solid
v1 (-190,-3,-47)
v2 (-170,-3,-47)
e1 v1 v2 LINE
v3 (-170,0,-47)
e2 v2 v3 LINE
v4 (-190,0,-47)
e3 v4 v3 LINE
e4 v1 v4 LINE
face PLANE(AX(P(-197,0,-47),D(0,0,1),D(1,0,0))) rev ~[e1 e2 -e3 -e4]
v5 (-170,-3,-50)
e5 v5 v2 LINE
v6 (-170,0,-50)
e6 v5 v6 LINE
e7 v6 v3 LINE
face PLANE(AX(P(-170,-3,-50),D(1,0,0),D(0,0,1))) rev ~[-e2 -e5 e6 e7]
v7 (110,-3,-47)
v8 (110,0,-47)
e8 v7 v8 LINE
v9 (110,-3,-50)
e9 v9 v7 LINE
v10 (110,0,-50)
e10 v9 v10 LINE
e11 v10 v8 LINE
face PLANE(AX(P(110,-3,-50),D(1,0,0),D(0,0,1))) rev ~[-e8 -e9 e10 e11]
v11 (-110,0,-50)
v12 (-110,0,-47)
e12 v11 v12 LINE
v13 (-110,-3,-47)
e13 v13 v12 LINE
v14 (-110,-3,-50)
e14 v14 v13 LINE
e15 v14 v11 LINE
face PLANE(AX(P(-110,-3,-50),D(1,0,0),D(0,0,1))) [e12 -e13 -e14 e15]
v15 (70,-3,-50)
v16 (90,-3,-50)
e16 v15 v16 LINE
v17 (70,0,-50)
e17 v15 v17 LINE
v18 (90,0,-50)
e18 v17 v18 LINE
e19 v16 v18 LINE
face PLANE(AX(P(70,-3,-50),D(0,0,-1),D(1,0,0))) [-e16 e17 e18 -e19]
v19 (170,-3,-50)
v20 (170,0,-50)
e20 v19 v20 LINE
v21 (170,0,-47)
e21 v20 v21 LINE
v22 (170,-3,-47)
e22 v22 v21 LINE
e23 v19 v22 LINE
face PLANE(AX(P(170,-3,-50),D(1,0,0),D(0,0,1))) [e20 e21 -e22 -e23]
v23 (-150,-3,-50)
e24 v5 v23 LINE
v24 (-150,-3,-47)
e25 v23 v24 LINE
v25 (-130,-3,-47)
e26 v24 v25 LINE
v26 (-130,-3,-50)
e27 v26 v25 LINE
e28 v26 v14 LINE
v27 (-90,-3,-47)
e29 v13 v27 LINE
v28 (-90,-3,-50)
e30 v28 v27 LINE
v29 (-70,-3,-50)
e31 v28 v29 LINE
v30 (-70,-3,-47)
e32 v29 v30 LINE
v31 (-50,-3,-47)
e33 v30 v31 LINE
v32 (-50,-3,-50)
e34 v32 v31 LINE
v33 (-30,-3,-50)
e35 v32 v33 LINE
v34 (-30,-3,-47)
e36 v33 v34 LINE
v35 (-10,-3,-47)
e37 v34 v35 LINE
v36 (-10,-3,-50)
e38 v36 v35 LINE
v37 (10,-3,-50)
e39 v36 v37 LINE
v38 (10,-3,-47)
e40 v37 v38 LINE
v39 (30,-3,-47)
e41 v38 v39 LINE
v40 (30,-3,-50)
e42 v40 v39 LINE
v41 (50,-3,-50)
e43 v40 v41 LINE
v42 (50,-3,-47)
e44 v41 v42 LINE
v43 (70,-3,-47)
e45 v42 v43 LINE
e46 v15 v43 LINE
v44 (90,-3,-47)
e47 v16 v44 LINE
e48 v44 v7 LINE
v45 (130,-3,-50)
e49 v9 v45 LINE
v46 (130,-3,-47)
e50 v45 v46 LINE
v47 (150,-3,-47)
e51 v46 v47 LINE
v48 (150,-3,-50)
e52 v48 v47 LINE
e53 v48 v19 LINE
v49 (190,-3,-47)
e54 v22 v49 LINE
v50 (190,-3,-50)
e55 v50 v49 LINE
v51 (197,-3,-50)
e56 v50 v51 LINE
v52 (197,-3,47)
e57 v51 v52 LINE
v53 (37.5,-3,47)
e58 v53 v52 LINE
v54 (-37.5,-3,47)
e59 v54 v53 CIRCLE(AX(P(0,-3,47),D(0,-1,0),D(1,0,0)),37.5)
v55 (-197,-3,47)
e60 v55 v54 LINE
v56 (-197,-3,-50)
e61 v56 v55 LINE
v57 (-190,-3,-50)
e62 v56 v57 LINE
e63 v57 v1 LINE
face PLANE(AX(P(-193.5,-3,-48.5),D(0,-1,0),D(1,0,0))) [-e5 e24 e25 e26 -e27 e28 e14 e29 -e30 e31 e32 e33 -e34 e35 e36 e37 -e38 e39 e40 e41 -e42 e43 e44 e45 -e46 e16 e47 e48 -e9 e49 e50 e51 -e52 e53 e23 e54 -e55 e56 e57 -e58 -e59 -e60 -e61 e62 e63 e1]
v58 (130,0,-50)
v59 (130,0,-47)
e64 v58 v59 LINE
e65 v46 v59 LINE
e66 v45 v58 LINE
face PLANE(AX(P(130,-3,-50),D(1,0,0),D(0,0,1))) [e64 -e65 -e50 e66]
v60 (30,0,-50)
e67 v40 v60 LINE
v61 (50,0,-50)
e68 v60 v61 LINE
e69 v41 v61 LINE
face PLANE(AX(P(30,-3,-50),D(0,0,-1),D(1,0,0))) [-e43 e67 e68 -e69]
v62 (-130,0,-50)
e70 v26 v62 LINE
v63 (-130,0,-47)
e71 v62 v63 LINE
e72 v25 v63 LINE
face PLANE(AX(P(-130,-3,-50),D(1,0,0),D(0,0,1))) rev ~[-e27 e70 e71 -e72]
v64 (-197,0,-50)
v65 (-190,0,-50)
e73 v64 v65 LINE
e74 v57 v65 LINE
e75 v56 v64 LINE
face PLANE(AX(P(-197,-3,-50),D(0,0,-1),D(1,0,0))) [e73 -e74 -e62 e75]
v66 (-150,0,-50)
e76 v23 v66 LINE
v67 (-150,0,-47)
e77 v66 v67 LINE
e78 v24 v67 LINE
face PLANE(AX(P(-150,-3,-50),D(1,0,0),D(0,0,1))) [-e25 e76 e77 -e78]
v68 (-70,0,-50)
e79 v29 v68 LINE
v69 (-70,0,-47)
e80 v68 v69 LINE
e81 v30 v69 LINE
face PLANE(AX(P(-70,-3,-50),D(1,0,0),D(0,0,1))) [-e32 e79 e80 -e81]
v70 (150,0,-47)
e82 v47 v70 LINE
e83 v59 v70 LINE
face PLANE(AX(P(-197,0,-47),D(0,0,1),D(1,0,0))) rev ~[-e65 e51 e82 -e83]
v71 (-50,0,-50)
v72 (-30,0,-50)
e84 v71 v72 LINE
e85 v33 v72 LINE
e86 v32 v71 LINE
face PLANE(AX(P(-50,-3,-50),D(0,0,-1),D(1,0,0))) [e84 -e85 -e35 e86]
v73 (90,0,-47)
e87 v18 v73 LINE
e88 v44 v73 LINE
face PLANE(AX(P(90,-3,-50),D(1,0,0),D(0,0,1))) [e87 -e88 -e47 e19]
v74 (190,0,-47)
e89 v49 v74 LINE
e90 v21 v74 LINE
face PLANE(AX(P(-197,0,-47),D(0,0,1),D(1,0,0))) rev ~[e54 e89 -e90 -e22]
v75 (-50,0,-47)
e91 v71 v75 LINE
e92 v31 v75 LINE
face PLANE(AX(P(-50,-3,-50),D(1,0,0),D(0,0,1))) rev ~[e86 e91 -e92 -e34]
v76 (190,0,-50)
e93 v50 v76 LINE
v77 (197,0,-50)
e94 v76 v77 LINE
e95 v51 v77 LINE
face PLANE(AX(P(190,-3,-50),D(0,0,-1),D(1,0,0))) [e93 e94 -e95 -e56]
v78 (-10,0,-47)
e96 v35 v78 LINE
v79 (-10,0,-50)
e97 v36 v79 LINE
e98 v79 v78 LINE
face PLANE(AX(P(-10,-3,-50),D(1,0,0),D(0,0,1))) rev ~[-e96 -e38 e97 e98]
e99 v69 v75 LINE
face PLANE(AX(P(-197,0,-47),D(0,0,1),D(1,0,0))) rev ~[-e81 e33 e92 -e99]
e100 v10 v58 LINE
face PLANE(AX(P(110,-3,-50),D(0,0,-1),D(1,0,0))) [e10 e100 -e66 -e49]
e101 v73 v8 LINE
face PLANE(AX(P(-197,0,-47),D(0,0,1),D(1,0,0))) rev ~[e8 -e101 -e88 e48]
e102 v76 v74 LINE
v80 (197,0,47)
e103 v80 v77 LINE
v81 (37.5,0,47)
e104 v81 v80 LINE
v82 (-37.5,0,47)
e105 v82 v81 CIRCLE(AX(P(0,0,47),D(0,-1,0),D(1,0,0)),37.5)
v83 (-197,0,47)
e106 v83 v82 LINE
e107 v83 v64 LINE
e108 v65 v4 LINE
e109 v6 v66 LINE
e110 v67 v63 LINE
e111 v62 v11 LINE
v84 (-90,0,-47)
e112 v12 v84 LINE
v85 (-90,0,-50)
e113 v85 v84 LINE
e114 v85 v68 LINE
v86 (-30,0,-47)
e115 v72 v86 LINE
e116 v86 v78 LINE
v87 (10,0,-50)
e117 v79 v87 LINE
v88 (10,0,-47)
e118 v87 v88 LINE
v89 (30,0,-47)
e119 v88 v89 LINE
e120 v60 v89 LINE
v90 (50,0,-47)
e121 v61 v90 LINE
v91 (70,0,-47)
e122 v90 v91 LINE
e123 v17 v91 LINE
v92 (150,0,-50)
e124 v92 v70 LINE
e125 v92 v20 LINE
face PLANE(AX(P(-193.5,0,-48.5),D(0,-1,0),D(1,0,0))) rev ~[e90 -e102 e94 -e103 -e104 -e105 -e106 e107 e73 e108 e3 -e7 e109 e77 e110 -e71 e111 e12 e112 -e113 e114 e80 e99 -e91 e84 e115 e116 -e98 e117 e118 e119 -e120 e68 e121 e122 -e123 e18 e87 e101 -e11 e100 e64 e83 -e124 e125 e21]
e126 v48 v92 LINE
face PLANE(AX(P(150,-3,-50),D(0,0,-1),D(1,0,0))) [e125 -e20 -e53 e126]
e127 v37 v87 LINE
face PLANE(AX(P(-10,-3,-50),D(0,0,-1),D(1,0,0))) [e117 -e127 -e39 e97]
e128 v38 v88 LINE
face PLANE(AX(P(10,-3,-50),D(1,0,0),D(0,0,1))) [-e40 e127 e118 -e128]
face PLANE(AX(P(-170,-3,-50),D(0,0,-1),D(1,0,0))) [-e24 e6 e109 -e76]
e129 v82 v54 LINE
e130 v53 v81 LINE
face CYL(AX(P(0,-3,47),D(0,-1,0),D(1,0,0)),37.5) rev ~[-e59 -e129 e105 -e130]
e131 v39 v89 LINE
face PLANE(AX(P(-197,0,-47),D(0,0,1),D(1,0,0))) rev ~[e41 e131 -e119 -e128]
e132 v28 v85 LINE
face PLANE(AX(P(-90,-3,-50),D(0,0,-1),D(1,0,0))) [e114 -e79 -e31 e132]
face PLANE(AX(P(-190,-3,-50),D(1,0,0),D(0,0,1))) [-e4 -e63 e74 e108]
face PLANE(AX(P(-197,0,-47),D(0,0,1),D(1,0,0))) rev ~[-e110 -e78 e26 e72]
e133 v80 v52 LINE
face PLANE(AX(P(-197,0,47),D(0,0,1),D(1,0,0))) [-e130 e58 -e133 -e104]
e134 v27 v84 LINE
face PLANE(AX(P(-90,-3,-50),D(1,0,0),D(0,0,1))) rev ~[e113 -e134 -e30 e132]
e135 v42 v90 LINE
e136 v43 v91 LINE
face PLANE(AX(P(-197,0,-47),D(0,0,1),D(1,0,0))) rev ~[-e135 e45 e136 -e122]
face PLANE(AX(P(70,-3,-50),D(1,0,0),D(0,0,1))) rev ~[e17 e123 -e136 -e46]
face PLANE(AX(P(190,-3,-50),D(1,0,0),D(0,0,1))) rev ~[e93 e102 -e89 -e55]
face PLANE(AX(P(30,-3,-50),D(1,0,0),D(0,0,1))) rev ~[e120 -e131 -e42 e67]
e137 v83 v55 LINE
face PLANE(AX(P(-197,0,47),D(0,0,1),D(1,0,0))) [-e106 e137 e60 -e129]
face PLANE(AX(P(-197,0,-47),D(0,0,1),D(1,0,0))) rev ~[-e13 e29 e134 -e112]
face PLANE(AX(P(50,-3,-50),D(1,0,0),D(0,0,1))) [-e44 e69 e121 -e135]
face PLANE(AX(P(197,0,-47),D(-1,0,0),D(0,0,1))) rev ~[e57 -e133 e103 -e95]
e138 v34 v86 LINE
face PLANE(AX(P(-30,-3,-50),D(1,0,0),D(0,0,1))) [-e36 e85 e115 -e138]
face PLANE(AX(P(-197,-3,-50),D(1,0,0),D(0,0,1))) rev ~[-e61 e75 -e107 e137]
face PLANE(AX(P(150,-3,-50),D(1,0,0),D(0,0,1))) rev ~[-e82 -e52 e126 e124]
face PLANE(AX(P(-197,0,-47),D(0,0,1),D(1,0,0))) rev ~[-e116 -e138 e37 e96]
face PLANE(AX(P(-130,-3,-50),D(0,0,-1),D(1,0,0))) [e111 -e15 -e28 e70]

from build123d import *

# Parameters (mm, degrees)
F0_W     = 394
F0_H     = 94
F1_DEPTH = 3
F2_W     = 7
F2_H     = 3
F2_W_2   = 20
F3_DEPTH = 3
F4_R     = 37.5
F5_DEPTH = 25


with BuildPart() as f1:
    # F0 (on Front) → F1 (new body)
    with BuildSketch(Plane.XZ):
        Rectangle(F0_W, F0_H)
    extrude(amount=F1_DEPTH)

    # F2 (on face) → F3 (join, through all)
    with BuildSketch(Plane.XZ.offset(3)):
        with Locations((-193.5, -48.5)):
            Rectangle(F2_W, F2_H)
        with Locations((193.5, -48.5)):
            Rectangle(F2_W, F2_H)
        with Locations((-160, -48.5)):
            Rectangle(F2_W_2, F2_H)
        with Locations((-120, -48.5)):
            Rectangle(F2_W_2, F2_H)
        with Locations((-80, -48.5)):
            Rectangle(F2_W_2, F2_H)
        with Locations((-40, -48.5)):
            Rectangle(F2_W_2, F2_H)
        with Locations((0, -48.5)):
            Rectangle(F2_W_2, F2_H)
        with Locations((40, -48.5)):
            Rectangle(F2_W_2, F2_H)
        with Locations((80, -48.5)):
            Rectangle(F2_W_2, F2_H)
        with Locations((120, -48.5)):
            Rectangle(F2_W_2, F2_H)
        with Locations((160, -48.5)):
            Rectangle(F2_W_2, F2_H)
    extrude(amount=-F3_DEPTH)

    # F4 (on face) → F5 (cut)
    with BuildSketch(Plane.XZ.offset(3)):
        with Locations((0, 47)):
            Circle(F4_R)
    extrude(amount=-F5_DEPTH, mode=Mode.SUBTRACT)


solid = f1.part
